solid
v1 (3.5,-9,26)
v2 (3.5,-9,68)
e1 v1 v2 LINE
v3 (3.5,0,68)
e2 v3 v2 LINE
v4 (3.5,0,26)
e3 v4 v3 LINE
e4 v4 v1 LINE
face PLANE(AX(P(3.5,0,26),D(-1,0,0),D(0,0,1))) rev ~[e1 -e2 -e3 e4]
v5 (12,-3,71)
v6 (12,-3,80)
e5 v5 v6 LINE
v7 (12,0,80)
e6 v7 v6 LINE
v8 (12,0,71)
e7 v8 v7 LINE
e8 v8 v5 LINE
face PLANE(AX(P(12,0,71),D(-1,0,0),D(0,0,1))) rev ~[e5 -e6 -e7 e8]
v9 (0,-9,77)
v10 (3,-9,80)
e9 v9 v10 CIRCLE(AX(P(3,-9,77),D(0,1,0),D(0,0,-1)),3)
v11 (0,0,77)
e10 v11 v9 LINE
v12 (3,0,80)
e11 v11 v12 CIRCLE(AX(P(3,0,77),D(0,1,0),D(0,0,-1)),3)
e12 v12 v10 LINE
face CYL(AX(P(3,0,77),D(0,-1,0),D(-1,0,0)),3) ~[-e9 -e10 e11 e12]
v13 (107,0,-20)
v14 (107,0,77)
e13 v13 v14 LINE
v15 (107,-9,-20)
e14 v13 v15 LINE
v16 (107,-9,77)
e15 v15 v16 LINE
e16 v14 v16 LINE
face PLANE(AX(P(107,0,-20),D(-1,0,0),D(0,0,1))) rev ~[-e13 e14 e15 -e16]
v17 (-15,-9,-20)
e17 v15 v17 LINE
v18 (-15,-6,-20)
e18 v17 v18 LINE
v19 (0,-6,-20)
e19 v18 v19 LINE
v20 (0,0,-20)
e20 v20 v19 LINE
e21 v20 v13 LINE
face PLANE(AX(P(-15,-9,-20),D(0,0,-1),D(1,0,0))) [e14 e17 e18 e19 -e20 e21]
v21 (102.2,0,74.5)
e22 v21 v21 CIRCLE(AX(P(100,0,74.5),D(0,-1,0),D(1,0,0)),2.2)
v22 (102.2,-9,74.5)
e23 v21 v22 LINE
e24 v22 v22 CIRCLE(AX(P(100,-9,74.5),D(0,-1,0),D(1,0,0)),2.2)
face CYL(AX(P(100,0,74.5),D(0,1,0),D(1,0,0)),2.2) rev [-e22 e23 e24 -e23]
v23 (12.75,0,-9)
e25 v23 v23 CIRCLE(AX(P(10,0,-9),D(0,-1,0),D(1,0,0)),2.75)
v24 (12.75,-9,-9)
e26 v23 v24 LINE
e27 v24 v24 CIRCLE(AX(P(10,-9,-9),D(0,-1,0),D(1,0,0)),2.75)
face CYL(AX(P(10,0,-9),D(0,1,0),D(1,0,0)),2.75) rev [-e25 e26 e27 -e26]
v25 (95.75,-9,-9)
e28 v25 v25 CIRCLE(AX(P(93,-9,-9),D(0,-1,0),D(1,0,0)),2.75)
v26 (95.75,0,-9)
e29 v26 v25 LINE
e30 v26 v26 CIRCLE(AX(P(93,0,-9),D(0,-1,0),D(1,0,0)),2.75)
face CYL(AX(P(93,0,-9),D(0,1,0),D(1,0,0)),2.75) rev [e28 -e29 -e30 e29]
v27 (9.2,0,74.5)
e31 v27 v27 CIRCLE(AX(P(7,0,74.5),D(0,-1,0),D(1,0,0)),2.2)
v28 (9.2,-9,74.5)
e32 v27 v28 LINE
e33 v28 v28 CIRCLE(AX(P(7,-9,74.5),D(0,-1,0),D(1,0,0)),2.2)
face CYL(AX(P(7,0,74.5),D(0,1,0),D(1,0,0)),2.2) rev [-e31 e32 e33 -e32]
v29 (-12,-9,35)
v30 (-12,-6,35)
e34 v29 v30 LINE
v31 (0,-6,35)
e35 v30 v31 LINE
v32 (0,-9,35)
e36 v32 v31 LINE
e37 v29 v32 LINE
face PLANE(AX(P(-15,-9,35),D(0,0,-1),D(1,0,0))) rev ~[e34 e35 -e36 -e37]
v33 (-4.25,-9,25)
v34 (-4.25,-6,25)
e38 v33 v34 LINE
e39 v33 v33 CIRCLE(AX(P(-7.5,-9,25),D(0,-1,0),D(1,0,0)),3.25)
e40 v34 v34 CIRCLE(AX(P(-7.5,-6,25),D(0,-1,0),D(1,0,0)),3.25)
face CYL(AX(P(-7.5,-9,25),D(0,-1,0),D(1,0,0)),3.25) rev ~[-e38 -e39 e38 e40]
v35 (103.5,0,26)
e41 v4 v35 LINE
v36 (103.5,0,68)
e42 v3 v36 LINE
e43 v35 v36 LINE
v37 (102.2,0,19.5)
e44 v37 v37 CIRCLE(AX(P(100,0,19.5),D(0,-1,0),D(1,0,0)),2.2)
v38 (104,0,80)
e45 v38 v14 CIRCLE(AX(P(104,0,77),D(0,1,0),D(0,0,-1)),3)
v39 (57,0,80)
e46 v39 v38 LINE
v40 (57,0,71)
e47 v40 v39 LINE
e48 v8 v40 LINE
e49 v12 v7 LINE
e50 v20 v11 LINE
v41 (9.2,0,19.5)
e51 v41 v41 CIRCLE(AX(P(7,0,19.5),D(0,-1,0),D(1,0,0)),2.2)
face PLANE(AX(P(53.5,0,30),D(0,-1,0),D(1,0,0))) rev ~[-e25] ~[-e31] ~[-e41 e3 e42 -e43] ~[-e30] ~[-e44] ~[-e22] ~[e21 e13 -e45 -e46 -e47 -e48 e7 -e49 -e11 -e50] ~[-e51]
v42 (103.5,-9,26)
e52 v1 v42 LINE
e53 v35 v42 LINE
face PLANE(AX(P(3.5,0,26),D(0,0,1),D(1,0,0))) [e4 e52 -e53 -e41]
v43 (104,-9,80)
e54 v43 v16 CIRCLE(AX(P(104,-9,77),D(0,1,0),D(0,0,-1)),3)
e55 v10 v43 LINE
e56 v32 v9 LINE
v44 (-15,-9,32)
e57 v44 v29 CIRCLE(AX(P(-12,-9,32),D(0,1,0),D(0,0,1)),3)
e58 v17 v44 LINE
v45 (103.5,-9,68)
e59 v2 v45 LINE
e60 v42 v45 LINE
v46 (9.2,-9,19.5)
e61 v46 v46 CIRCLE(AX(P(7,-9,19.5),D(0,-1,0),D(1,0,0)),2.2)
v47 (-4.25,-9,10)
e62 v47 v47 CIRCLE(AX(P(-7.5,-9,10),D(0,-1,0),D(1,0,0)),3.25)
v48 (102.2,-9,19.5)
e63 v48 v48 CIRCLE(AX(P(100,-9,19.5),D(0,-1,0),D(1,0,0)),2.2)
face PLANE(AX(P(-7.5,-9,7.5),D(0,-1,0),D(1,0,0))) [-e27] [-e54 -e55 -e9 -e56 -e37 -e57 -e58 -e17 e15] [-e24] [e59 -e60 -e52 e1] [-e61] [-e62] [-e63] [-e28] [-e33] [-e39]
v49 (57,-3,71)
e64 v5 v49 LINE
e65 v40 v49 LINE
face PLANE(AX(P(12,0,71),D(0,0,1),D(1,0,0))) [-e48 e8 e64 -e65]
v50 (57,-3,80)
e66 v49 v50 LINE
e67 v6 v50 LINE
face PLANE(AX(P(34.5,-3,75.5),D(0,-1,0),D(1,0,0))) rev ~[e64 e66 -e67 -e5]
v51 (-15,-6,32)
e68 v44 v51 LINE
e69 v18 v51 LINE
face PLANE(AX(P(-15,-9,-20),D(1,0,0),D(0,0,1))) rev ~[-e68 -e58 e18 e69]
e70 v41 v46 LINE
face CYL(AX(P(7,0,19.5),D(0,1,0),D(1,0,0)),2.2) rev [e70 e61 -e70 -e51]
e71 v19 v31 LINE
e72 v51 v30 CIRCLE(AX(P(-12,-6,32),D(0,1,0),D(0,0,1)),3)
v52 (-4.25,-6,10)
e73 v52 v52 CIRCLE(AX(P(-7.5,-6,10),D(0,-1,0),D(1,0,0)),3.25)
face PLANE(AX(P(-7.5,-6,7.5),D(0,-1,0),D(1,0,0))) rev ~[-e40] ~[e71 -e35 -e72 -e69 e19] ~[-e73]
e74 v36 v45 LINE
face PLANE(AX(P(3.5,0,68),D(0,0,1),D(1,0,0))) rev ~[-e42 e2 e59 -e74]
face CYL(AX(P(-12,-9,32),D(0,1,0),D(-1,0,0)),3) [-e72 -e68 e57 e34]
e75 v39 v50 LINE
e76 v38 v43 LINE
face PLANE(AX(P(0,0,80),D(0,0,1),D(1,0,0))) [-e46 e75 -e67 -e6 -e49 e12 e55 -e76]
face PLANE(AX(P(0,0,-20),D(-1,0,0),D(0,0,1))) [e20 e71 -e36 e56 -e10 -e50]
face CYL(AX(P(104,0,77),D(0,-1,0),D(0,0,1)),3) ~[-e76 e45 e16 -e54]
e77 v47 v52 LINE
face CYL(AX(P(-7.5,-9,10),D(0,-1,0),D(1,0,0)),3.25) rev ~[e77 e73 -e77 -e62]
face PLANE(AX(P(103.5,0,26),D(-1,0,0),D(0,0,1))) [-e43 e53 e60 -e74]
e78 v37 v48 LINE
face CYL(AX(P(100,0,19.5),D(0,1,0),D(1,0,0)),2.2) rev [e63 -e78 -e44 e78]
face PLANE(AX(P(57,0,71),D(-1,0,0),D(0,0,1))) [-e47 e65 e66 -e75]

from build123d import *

# Parameters (mm, degrees)
SKETCH_W     = 107
SKETCH_H     = 100
SKETCH_R     = 2.2
SKETCH_R_2   = 2.75
SKETCH_W_2   = 100
SKETCH_H_2   = 42
PAD_DEPTH    = 9
SKETCH001_W  = 45
SKETCH001_H  = 9
POCKET_DEPTH = 3
SKETCH004_W  = 15
SKETCH004_H  = 55
SKETCH004_R  = 3.25
PAD002_DEPTH = 3
FILLET_R     = 3


with BuildPart() as part:
    # Sketch → Pad (new body)
    with BuildSketch(Plane.XZ):
        with Locations((53.5, 30)):
            Rectangle(SKETCH_W, SKETCH_H)
        with Locations((7, 19.5)):
            Circle(SKETCH_R, mode=Mode.SUBTRACT)
        with Locations((100, 19.5)):
            Circle(SKETCH_R, mode=Mode.SUBTRACT)
        with Locations((7, 74.5)):
            Circle(SKETCH_R, mode=Mode.SUBTRACT)
        with Locations((100, 74.5)):
            Circle(SKETCH_R, mode=Mode.SUBTRACT)
        with Locations((10, -9)):
            Circle(SKETCH_R_2, mode=Mode.SUBTRACT)
        with Locations((93, -9)):
            Circle(SKETCH_R_2, mode=Mode.SUBTRACT)
        with Locations((53.5, 47)):
            Rectangle(SKETCH_W_2, SKETCH_H_2, mode=Mode.SUBTRACT)
    extrude(amount=PAD_DEPTH)

    # Sketch001 → Pocket (cut)
    with BuildSketch(Plane.XZ):
        with Locations((34.5, 75.5)):
            Rectangle(SKETCH001_W, SKETCH001_H)
    extrude(amount=POCKET_DEPTH, mode=Mode.SUBTRACT)

    # Sketch004 → Pad002 (join)
    with BuildSketch(Plane(origin=(0, -9, -10), x_dir=(1, 0, 0), z_dir=(0, -1, 0))):
        with Locations((-7.5, 17.5)):
            Rectangle(SKETCH004_W, SKETCH004_H)
        with Locations((-7.5, 20)):
            Circle(SKETCH004_R, mode=Mode.SUBTRACT)
        with Locations((-7.5, 35)):
            Circle(SKETCH004_R, mode=Mode.SUBTRACT)
    extrude(amount=-PAD002_DEPTH)

    # Fillet
    fillet_edges = [part.edges().sort_by_distance(p)[0] for p in [
        (0, -4.5, 80),
        (-15, -7.5, 35),
        (107, -4.5, 80),
    ]]
    fillet(fillet_edges, radius=FILLET_R)


solid = part.part
